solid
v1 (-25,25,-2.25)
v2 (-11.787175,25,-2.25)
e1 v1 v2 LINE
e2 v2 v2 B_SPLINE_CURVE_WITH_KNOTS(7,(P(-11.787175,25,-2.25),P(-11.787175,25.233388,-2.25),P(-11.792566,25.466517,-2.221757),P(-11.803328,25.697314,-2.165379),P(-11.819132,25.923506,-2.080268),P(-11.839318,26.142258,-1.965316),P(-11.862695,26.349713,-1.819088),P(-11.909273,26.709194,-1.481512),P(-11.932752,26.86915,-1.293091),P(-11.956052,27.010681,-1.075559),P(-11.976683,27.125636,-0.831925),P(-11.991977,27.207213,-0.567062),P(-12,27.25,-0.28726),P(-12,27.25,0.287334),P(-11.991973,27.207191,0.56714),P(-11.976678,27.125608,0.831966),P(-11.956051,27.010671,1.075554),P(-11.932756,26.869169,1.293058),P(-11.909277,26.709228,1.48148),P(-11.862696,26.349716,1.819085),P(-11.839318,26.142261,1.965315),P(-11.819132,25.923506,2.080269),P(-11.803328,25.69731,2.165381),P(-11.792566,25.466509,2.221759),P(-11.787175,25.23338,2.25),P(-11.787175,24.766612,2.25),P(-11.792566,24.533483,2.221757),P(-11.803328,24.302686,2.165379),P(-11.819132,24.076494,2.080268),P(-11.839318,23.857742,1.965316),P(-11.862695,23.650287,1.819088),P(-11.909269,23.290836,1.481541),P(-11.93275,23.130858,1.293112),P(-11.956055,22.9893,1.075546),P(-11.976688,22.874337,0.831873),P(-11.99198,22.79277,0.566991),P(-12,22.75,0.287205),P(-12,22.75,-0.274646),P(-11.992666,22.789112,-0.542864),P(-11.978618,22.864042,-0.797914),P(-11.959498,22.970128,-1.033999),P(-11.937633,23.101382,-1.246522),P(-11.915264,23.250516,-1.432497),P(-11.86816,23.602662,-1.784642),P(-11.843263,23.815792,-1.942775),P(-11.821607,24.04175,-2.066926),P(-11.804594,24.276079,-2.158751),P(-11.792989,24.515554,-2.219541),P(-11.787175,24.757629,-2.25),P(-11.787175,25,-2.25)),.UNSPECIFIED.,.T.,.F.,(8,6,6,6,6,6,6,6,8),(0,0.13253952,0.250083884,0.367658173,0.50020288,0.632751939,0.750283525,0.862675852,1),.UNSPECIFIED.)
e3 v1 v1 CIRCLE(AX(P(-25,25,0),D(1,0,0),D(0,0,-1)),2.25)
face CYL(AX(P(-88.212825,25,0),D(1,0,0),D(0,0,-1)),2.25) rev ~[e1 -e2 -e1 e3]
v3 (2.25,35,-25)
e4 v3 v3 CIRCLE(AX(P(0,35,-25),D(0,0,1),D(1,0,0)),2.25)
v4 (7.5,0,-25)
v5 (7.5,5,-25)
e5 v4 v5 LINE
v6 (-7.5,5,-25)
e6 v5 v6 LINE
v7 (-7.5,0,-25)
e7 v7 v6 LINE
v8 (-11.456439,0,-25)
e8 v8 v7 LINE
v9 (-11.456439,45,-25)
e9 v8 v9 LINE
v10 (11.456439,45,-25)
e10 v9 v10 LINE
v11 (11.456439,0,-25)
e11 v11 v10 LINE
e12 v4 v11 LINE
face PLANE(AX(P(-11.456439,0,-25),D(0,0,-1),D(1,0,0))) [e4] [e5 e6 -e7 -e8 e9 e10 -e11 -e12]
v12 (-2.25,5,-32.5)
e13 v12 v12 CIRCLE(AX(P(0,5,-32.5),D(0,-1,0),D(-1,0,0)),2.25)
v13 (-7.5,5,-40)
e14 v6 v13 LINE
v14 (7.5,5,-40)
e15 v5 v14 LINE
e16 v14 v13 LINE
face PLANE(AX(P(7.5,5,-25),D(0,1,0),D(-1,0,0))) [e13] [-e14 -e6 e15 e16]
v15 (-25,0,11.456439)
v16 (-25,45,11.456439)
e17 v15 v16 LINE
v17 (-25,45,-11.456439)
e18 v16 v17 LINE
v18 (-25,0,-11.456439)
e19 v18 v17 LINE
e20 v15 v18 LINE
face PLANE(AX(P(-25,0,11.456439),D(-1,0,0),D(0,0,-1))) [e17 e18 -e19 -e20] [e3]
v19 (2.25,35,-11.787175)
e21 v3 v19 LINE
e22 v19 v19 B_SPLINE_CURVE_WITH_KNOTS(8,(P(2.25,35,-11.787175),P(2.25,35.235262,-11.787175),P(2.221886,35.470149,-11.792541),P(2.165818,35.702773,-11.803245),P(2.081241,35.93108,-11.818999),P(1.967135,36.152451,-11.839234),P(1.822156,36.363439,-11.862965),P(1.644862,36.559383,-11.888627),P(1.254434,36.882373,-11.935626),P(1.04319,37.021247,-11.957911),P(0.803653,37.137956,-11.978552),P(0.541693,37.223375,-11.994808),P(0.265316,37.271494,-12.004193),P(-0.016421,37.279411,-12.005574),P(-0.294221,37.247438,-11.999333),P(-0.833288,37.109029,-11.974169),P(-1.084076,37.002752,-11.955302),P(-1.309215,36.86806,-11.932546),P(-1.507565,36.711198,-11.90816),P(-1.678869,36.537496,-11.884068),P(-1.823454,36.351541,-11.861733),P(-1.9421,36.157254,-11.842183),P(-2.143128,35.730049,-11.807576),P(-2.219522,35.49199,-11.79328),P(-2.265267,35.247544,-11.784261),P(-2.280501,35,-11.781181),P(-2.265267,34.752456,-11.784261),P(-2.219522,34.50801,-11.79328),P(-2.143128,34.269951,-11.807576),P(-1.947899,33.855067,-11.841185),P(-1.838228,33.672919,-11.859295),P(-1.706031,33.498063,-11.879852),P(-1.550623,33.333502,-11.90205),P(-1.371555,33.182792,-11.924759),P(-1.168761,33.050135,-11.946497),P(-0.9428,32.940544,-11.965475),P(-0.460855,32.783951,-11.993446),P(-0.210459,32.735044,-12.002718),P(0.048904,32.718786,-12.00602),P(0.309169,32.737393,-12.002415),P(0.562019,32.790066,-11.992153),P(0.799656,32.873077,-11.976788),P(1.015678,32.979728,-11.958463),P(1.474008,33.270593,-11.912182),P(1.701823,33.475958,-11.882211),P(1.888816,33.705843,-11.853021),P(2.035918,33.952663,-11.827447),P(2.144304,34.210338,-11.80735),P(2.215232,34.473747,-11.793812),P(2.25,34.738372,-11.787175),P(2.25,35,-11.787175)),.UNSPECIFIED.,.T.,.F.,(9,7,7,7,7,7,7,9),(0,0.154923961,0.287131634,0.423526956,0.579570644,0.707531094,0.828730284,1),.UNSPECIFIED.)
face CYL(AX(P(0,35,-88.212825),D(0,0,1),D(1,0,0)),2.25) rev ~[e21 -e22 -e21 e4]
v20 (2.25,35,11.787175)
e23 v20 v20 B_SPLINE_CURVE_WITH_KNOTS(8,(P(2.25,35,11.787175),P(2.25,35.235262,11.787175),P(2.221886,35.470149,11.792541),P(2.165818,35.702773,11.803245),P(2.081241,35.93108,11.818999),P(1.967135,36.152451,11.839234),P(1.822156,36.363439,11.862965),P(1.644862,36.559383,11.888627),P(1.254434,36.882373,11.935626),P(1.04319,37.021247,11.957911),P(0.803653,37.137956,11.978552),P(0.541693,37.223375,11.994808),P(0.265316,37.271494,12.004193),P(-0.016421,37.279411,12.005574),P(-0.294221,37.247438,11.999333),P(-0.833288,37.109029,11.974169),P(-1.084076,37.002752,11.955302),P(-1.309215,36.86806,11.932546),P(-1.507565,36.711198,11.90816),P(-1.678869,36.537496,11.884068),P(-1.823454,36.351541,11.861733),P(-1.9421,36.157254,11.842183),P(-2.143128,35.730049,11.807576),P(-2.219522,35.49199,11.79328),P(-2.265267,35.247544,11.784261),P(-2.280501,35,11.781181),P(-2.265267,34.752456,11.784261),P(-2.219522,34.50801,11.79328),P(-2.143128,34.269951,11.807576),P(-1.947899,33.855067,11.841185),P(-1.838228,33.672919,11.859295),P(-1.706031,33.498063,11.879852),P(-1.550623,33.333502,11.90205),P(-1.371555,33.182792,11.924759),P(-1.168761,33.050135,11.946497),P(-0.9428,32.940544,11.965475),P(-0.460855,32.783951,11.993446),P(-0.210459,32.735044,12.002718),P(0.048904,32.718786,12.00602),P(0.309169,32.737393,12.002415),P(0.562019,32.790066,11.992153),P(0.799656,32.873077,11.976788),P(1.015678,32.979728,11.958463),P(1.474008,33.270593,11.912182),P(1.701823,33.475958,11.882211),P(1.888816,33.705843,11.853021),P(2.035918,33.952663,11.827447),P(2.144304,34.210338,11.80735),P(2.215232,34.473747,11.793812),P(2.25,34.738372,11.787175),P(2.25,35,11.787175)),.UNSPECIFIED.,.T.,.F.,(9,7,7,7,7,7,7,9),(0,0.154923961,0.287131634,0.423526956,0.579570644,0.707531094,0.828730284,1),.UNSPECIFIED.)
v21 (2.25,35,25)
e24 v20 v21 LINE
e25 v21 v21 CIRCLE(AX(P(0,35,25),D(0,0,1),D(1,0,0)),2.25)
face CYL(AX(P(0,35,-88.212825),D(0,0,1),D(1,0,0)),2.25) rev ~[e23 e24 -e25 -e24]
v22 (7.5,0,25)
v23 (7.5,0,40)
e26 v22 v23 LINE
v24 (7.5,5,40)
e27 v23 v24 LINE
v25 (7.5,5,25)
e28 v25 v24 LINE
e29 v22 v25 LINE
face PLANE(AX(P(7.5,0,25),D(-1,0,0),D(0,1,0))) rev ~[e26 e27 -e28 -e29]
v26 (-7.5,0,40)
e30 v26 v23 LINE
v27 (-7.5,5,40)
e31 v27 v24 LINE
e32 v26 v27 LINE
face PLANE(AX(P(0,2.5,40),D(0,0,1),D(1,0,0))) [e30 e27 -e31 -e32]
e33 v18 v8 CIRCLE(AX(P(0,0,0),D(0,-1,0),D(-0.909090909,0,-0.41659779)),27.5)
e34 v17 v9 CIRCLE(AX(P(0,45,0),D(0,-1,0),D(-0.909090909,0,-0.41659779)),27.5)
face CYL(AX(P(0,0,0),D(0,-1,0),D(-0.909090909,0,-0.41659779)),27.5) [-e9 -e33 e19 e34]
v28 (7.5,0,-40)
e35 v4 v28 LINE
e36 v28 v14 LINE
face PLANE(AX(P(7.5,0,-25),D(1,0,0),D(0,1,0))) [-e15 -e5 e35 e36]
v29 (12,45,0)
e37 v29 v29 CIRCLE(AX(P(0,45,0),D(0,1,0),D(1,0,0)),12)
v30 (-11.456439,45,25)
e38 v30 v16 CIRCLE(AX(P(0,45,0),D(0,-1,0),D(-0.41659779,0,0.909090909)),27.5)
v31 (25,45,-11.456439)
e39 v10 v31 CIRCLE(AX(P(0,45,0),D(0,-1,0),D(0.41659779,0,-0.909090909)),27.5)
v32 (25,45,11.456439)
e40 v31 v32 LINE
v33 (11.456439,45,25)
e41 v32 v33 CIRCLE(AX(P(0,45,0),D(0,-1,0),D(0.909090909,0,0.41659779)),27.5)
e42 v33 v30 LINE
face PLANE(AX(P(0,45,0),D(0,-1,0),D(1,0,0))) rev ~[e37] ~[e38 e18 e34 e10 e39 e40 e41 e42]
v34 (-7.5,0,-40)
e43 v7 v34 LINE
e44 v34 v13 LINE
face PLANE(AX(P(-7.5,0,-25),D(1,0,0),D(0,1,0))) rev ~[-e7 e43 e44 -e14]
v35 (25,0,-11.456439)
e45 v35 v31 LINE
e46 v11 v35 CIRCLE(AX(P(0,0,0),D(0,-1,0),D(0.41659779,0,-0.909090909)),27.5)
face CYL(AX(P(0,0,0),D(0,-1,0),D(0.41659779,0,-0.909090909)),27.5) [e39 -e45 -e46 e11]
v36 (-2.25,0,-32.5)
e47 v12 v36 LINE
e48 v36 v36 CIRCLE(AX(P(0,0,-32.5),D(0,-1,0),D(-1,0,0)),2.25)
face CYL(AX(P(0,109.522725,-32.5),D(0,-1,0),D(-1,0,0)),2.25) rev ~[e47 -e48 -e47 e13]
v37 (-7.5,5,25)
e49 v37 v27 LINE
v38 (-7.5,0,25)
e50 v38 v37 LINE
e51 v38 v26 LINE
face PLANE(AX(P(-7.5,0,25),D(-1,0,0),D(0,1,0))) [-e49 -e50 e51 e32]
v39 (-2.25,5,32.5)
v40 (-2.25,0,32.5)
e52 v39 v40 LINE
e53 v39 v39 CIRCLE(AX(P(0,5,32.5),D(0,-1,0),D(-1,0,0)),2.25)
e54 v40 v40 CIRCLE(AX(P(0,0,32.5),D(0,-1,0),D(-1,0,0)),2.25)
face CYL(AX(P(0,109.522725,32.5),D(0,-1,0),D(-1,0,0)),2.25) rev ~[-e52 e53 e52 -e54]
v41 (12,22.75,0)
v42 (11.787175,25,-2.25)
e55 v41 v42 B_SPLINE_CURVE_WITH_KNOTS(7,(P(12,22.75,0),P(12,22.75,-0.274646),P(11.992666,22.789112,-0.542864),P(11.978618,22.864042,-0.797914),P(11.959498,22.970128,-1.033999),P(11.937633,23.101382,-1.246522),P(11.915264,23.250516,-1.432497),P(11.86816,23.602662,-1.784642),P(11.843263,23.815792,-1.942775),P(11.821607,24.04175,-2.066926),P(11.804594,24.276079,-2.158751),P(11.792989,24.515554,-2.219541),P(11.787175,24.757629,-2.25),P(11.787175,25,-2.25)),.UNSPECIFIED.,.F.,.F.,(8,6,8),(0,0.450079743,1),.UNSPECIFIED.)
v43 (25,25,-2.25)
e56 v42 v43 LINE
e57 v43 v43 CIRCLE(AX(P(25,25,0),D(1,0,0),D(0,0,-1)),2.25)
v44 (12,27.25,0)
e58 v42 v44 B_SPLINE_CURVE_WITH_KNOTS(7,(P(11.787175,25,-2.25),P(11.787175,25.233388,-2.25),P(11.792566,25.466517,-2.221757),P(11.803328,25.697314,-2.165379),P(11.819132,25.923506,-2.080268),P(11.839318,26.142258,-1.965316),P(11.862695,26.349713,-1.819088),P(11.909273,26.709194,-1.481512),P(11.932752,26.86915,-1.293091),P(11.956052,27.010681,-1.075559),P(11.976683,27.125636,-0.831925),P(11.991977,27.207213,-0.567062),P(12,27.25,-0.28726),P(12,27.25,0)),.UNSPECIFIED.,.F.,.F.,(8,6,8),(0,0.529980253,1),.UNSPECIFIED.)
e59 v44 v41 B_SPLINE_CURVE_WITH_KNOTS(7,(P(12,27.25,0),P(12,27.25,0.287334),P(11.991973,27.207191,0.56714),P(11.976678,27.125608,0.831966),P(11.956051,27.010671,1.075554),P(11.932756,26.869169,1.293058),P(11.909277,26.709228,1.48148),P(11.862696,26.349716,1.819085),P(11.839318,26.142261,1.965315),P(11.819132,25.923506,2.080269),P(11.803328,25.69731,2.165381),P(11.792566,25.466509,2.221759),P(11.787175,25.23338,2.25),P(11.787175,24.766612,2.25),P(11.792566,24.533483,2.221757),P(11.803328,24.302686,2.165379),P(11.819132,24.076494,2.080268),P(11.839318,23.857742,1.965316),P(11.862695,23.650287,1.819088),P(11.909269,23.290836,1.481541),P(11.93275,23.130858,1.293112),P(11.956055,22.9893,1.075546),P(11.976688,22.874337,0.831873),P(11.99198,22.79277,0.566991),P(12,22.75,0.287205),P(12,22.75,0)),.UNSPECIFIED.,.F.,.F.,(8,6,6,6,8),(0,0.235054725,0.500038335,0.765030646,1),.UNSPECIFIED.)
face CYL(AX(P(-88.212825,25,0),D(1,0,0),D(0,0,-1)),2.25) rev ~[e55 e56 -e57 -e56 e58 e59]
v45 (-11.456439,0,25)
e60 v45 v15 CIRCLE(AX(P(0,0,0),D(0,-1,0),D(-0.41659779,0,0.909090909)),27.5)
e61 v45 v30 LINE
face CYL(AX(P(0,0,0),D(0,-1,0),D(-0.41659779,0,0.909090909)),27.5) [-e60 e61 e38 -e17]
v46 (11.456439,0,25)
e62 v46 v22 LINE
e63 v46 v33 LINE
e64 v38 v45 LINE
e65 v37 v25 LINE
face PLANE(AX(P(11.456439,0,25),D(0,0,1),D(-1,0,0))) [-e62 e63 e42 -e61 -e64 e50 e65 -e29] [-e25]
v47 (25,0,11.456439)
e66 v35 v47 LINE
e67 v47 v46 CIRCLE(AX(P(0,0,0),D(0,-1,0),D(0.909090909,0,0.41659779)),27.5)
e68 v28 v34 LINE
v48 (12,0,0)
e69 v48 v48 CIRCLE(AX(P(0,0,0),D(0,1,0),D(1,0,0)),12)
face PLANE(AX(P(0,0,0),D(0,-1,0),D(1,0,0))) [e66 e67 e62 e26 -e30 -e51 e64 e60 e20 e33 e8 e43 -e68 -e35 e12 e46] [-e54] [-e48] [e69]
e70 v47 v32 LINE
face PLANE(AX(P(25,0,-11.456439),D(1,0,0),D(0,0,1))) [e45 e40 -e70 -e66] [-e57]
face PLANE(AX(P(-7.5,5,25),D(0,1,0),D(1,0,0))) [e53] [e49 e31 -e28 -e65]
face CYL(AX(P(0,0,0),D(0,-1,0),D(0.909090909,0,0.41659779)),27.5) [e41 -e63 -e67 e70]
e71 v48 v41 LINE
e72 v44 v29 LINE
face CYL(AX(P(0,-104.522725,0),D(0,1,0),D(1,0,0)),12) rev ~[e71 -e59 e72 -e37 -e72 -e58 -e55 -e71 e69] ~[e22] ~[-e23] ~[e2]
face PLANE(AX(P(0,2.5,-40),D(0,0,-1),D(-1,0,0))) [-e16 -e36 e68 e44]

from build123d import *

# Parameters (mm, degrees)
BOSS_EXTRUDE1_DEPTH            = 45
SKETCH2_W                      = 15
SKETCH2_H                      = 5
BOSS_EXTRUDE2_DEPTH            = 15
SKETCH3_W                      = 15
SKETCH3_H                      = 5
BOSS_EXTRUDE3_DEPTH            = 15
F_24_0_24_DIAMETER_HOLE1_D     = 24
F_4_5_4_5_DIAMETER_HOLE1_D     = 4.5
F_4_5_4_5_DIAMETER_HOLE1_DEPTH = 63.212824766
F_4_5_4_5_DIAMETER_HOLE2_D     = 4.5
F_4_5_4_5_DIAMETER_HOLE2_DEPTH = 63.212824766
F_4_5_4_5_DIAMETER_HOLE3_D     = 4.5


with BuildPart() as part:
    # Sketch1 → Boss-Extrude1 (new body)
    with BuildSketch(Plane.XZ):
        with BuildLine():
            Line((-11.456439237, -25), (11.456439237, -25))
            ThreePointArc((11.456439237, -25), (19.445436483, -19.445436483), (25, -11.456439237))
            Line((25, -11.456439237), (25, 11.456439237))
            ThreePointArc((25, 11.456439237), (19.445436483, 19.445436483), (11.456439237, 25))
            Line((11.456439237, 25), (-11.456439237, 25))
            ThreePointArc((-11.456439237, 25), (-19.445436483, 19.445436483), (-25, 11.456439237))
            Line((-25, 11.456439237), (-25, -11.456439237))
            ThreePointArc((-25, -11.456439237), (-19.445436483, -19.445436483), (-11.456439237, -25))
        make_face()
    extrude(amount=-BOSS_EXTRUDE1_DEPTH)

    # Sketch2 → Boss-Extrude2 (add)
    with BuildSketch(Plane(origin=(0, 0, -25), x_dir=(-1, 0, 0), z_dir=(0, 0, -1))):
        with Locations((0, 2.5)):
            Rectangle(SKETCH2_W, SKETCH2_H)
    extrude(amount=BOSS_EXTRUDE2_DEPTH)

    # Sketch3 → Boss-Extrude3 (add)
    with BuildSketch(Plane.XY.offset(25)):
        with Locations((0, 2.5)):
            Rectangle(SKETCH3_W, SKETCH3_H)
    extrude(amount=BOSS_EXTRUDE3_DEPTH)

    # Ø24.0 (24) Diameter Hole1 (through all)
    with Locations(Plane(origin=(0, 0, 0), x_dir=(-1, 0, 0), z_dir=(0, -1, 0))):
        with Locations((0, 0)):
            Hole(F_24_0_24_DIAMETER_HOLE1_D / 2)

    # Ø4.5 (4.5) Diameter Hole1
    with Locations(Plane(origin=(0, 0, -25), x_dir=(-1, 0, 0), z_dir=(0, 0, -1))):
        with Locations((0, 35)):
            Hole(F_4_5_4_5_DIAMETER_HOLE1_D / 2, depth=F_4_5_4_5_DIAMETER_HOLE1_DEPTH)

    # Ø4.5 (4.5) Diameter Hole2
    with Locations(Plane.ZY.offset(25)):
        with Locations((0, 25)):
            Hole(F_4_5_4_5_DIAMETER_HOLE2_D / 2, depth=F_4_5_4_5_DIAMETER_HOLE2_DEPTH)

    # Ø4.5 (4.5) Diameter Hole3 (through all)
    with Locations(Plane(origin=(0, 5, 0), x_dir=(1, 0, 0), z_dir=(0, 1, 0))):
        with Locations((0, -32.5), (0, 32.5)):
            Hole(F_4_5_4_5_DIAMETER_HOLE3_D / 2)


solid = part.part
